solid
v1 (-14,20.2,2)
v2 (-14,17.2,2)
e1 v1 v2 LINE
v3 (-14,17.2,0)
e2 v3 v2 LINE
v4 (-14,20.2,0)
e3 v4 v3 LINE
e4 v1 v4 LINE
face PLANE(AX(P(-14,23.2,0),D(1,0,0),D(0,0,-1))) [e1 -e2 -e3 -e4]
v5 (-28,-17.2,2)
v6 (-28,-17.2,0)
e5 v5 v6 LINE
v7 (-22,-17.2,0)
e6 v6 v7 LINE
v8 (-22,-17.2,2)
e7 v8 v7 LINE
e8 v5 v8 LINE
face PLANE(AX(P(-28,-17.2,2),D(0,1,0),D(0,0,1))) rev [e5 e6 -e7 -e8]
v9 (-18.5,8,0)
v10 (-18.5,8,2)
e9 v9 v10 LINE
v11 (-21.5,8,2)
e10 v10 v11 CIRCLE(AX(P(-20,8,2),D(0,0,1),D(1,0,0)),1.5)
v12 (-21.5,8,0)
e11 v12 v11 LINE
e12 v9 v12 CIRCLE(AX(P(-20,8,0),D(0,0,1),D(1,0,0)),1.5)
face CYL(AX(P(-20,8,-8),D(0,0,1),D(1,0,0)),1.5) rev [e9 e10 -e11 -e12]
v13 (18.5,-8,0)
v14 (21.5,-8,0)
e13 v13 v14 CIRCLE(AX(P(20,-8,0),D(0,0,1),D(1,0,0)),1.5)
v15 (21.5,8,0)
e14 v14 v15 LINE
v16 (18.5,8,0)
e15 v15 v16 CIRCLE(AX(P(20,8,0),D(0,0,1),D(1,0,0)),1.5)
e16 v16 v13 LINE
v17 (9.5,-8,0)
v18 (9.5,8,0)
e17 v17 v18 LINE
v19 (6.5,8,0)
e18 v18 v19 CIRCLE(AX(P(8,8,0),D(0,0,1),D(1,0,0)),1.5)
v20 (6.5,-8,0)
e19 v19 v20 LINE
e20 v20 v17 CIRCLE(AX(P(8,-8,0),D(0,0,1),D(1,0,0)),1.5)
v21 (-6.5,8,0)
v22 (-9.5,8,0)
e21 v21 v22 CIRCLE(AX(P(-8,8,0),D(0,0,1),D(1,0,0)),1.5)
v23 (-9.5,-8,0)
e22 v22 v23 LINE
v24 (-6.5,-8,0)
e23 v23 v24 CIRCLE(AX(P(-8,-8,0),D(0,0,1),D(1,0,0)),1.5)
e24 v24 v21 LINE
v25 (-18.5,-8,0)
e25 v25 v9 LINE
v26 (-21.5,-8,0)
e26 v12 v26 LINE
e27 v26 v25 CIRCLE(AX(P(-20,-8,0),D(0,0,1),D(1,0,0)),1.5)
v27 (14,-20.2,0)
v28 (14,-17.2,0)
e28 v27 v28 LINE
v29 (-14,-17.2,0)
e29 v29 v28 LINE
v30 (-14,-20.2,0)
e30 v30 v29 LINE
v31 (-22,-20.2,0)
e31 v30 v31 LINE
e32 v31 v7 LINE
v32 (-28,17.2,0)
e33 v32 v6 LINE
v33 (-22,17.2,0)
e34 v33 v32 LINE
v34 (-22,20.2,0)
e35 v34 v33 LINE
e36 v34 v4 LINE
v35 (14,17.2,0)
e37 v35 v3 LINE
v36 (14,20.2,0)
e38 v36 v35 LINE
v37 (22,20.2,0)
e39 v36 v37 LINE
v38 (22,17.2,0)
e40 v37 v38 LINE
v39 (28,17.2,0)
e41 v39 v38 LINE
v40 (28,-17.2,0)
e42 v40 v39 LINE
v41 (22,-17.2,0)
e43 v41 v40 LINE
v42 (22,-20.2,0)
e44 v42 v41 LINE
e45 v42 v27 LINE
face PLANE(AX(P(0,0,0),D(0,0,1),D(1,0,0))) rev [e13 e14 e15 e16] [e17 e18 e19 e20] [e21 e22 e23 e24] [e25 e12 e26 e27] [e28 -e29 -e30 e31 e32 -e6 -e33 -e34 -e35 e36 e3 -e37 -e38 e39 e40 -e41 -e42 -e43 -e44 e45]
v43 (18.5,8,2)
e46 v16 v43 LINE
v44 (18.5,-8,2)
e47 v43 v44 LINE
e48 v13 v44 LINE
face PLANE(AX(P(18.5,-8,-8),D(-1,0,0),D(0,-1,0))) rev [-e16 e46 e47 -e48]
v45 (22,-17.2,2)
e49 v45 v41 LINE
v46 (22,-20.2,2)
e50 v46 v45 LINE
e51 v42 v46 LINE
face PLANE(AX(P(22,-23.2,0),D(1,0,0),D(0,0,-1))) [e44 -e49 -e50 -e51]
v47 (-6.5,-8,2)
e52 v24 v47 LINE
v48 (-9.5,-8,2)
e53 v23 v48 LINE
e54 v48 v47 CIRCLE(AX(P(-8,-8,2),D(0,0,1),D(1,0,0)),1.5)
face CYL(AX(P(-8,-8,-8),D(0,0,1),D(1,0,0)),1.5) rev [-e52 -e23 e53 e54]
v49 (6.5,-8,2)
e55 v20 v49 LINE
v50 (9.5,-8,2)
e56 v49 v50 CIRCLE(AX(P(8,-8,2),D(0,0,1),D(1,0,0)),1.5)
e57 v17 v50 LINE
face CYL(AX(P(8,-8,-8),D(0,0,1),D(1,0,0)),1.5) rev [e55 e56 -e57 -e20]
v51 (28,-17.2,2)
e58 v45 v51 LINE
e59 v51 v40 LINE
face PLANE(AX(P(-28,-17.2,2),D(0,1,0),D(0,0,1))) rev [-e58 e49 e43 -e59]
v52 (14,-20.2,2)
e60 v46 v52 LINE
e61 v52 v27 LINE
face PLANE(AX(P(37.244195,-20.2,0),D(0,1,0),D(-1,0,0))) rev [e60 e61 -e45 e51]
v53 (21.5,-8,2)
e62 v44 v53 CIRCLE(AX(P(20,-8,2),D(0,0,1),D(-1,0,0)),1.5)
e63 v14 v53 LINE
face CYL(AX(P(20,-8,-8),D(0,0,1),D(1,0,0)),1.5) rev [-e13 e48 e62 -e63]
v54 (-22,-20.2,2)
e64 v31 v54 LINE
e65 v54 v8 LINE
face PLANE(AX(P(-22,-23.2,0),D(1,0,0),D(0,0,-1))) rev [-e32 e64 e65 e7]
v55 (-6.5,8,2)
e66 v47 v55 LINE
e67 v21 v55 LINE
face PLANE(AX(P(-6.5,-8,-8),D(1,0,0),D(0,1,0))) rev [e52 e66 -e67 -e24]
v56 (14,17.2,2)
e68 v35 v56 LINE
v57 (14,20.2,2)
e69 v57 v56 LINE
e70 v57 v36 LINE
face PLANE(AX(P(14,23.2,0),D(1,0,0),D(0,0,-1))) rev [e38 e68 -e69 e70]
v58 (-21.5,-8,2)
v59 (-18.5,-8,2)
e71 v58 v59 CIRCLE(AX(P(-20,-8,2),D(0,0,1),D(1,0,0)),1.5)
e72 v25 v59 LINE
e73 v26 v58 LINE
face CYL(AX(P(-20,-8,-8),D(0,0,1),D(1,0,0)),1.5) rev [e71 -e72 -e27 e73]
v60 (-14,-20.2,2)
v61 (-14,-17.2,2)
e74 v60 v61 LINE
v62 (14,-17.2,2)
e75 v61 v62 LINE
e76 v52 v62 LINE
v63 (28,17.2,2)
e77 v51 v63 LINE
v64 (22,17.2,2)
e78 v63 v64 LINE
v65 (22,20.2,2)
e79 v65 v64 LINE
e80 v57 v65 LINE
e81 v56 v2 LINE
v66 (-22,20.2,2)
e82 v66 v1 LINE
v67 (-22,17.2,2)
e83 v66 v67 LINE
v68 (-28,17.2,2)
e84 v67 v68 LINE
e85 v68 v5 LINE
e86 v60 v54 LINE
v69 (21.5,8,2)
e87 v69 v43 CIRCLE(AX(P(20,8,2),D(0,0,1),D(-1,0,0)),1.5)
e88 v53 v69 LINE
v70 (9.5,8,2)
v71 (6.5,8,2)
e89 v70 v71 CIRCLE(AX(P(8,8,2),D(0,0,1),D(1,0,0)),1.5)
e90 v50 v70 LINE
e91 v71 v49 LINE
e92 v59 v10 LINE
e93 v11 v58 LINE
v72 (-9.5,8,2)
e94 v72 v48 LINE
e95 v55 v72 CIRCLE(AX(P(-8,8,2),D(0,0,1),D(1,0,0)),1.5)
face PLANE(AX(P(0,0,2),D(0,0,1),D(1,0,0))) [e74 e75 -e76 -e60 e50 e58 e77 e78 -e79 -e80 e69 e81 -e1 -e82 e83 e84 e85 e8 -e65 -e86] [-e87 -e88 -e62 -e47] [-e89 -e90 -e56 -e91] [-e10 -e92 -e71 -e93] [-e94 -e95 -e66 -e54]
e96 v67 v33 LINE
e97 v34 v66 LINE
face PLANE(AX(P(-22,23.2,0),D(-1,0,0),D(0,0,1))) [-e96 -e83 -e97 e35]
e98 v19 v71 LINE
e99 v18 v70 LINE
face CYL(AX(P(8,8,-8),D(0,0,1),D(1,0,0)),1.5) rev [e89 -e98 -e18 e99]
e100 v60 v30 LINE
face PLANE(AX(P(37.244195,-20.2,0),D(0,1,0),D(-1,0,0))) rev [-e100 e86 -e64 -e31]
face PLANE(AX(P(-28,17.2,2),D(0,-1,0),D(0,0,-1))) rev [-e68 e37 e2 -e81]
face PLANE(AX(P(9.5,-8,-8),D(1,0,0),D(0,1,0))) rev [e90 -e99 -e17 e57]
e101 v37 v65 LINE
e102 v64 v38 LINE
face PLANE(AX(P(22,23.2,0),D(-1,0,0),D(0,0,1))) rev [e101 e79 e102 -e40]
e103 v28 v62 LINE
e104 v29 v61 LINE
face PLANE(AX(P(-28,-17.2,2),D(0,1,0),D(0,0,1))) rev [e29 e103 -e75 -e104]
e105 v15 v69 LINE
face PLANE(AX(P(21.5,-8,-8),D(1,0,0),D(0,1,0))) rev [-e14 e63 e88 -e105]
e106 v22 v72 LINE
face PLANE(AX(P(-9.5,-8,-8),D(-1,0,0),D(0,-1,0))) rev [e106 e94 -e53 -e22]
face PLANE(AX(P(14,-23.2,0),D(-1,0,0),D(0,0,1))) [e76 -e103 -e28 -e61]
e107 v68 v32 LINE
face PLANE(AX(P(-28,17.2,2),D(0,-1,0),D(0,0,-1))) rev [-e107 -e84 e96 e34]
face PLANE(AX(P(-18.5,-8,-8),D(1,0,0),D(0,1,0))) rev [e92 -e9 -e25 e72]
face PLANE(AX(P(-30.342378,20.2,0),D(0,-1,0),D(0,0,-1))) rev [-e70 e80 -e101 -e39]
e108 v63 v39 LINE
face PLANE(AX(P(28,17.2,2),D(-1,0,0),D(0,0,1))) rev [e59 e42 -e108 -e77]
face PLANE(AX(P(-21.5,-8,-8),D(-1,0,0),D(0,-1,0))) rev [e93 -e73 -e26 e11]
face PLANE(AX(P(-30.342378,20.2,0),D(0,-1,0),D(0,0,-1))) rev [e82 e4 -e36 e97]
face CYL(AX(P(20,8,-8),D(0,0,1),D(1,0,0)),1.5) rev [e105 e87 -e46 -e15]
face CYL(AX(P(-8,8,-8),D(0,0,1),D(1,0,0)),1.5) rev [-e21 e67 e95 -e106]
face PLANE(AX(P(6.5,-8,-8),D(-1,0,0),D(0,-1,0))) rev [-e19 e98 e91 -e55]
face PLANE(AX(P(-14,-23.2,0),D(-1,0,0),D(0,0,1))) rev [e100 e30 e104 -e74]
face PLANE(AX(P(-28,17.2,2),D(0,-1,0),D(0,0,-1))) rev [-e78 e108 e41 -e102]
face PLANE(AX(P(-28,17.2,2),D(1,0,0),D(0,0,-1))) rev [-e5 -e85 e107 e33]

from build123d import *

# Parameters (mm, degrees)
SKETCH_1_W               = 56
SKETCH_1_H               = 34.4
EXTRUDE_1_DEPTH          = 2
SKETCH_2_W               = 8
SKETCH_2_H               = 2
EXTRUDE_2_DEPTH          = 6
MIRROR_2_COPY_1_SKETCH_W = 8
MIRROR_2_COPY_1_SKETCH_H = 2
MIRROR_2_COPY_1_DEPTH    = 6
EXTRUDE_3_DEPTH          = 8
EXTRUDE_4_DEPTH          = 8
EXTRUDE_5_DEPTH          = 8
CUT_EXTRUDE_1_DEPTH      = 10
SKETCH_8_W               = 69.954255789
SKETCH_8_H               = 15.282314342
SKETCH_8_W_2             = 75.120108524
SKETCH_8_H_2             = 7.103047511
CUT_EXTRUDE_3_DEPTH      = 2
CUT_EXTRUDE_3_DEPTH_BACK = 3


with BuildPart() as part:
    # 草图1 → 凸台-拉伸1 (new body)
    with BuildSketch(Plane.XY):
        Rectangle(SKETCH_1_W, SKETCH_1_H)
    extrude(amount=EXTRUDE_1_DEPTH)

    # 草图2 → 凸台-拉伸2 (add)
    with BuildSketch(Plane.XZ.offset(17.2)):
        with Locations((-18, 1)):
            Rectangle(SKETCH_2_W, SKETCH_2_H)
    extrude_2 = extrude(amount=EXTRUDE_2_DEPTH)

    # 镜向1: 凸台-拉伸2 across plane
    add(extrude_2.mirror(Plane.ZX))

    # 镜向2: 凸台-拉伸2 across plane
    add(extrude_2.mirror(Plane(origin=(0, 0, 0), x_dir=(0, 0, 1), z_dir=(1, 0, 0))))

    # 镜向2 copy 1 sketch → 镜向2 copy 1 (add)
    with BuildSketch(Plane(origin=(0, 17.2, 0), x_dir=(-1, 0, 0), z_dir=(0, 1, 0))):
        with Locations((-18, 1)):
            Rectangle(MIRROR_2_COPY_1_SKETCH_W, MIRROR_2_COPY_1_SKETCH_H)
    extrude(amount=MIRROR_2_COPY_1_DEPTH)

    # 草图4 → 凸台-拉伸3 (add)
    with BuildSketch(Plane(origin=(-14, 0, 0), x_dir=(0, 0, -1), z_dir=(1, 0, 0))):
        Polygon((-2, -23.2), (-2, -21.7), (-3, -21.7), align=None)
    extrude(amount=-EXTRUDE_3_DEPTH)

    # 草图5 → 凸台-拉伸4 (add)
    with BuildSketch(Plane(origin=(22, 0, 0), x_dir=(0, 0, -1), z_dir=(1, 0, 0))):
        Polygon((-2, -21.7), (-3, -21.7), (-2, -23.2), align=None)
        Polygon((-2, 23.2), (-2, 21.7), (-3, 21.7), align=None)
    extrude(amount=-EXTRUDE_4_DEPTH)

    # 草图6 → 凸台-拉伸5 (add)
    with BuildSketch(Plane(origin=(-14, 0, 0), x_dir=(0, 0, -1), z_dir=(1, 0, 0))):
        Polygon((-2, 23.2), (-2, 21.7), (-3, 21.7), align=None)
    extrude(amount=-EXTRUDE_5_DEPTH)

    # 草图7 → 切除-拉伸1 (cut)
    with BuildSketch(Plane.XY.offset(2)):
        with BuildLine():
            Line((-9.5, -8), (-9.5, 8))
            ThreePointArc((-9.5, 8), (-8, 9.5), (-6.5, 8))
            Line((-6.5, 8), (-6.5, -8))
            ThreePointArc((-6.5, -8), (-8, -9.5), (-9.5, -8))
        make_face()
        with BuildLine():
            Line((-21.5, -8), (-21.5, 8))
            ThreePointArc((-21.5, 8), (-20, 9.5), (-18.5, 8))
            Line((-18.5, 8), (-18.5, -8))
            ThreePointArc((-18.5, -8), (-20, -9.5), (-21.5, -8))
        make_face()
        with BuildLine():
            Line((6.5, -8), (6.5, 8))
            ThreePointArc((6.5, 8), (8, 9.5), (9.5, 8))
            Line((9.5, 8), (9.5, -8))
            ThreePointArc((9.5, -8), (8, -9.5), (6.5, -8))
        make_face()
        with BuildLine():
            Line((21.5, -8), (21.5, 8))
            ThreePointArc((21.5, 8), (20, 9.5), (18.5, 8))
            Line((18.5, 8), (18.5, -8))
            ThreePointArc((18.5, -8), (20, -9.5), (21.5, -8))
        make_face()
    extrude(amount=-CUT_EXTRUDE_1_DEPTH, mode=Mode.SUBTRACT)

    # 草图8 → 切除-拉伸3 (cut, two sides)
    with BuildSketch(Plane.XY.offset(2)) as cut_extrude_3_sk:
        with Locations((4.63474967, 27.841157171)):
            Rectangle(SKETCH_8_W, SKETCH_8_H)
        with Locations((-0.3158592, -23.751523756)):
            Rectangle(SKETCH_8_W_2, SKETCH_8_H_2)
    extrude(amount=CUT_EXTRUDE_3_DEPTH, mode=Mode.SUBTRACT)
    extrude(cut_extrude_3_sk.sketch, amount=-CUT_EXTRUDE_3_DEPTH_BACK, mode=Mode.SUBTRACT)


solid = part.part
